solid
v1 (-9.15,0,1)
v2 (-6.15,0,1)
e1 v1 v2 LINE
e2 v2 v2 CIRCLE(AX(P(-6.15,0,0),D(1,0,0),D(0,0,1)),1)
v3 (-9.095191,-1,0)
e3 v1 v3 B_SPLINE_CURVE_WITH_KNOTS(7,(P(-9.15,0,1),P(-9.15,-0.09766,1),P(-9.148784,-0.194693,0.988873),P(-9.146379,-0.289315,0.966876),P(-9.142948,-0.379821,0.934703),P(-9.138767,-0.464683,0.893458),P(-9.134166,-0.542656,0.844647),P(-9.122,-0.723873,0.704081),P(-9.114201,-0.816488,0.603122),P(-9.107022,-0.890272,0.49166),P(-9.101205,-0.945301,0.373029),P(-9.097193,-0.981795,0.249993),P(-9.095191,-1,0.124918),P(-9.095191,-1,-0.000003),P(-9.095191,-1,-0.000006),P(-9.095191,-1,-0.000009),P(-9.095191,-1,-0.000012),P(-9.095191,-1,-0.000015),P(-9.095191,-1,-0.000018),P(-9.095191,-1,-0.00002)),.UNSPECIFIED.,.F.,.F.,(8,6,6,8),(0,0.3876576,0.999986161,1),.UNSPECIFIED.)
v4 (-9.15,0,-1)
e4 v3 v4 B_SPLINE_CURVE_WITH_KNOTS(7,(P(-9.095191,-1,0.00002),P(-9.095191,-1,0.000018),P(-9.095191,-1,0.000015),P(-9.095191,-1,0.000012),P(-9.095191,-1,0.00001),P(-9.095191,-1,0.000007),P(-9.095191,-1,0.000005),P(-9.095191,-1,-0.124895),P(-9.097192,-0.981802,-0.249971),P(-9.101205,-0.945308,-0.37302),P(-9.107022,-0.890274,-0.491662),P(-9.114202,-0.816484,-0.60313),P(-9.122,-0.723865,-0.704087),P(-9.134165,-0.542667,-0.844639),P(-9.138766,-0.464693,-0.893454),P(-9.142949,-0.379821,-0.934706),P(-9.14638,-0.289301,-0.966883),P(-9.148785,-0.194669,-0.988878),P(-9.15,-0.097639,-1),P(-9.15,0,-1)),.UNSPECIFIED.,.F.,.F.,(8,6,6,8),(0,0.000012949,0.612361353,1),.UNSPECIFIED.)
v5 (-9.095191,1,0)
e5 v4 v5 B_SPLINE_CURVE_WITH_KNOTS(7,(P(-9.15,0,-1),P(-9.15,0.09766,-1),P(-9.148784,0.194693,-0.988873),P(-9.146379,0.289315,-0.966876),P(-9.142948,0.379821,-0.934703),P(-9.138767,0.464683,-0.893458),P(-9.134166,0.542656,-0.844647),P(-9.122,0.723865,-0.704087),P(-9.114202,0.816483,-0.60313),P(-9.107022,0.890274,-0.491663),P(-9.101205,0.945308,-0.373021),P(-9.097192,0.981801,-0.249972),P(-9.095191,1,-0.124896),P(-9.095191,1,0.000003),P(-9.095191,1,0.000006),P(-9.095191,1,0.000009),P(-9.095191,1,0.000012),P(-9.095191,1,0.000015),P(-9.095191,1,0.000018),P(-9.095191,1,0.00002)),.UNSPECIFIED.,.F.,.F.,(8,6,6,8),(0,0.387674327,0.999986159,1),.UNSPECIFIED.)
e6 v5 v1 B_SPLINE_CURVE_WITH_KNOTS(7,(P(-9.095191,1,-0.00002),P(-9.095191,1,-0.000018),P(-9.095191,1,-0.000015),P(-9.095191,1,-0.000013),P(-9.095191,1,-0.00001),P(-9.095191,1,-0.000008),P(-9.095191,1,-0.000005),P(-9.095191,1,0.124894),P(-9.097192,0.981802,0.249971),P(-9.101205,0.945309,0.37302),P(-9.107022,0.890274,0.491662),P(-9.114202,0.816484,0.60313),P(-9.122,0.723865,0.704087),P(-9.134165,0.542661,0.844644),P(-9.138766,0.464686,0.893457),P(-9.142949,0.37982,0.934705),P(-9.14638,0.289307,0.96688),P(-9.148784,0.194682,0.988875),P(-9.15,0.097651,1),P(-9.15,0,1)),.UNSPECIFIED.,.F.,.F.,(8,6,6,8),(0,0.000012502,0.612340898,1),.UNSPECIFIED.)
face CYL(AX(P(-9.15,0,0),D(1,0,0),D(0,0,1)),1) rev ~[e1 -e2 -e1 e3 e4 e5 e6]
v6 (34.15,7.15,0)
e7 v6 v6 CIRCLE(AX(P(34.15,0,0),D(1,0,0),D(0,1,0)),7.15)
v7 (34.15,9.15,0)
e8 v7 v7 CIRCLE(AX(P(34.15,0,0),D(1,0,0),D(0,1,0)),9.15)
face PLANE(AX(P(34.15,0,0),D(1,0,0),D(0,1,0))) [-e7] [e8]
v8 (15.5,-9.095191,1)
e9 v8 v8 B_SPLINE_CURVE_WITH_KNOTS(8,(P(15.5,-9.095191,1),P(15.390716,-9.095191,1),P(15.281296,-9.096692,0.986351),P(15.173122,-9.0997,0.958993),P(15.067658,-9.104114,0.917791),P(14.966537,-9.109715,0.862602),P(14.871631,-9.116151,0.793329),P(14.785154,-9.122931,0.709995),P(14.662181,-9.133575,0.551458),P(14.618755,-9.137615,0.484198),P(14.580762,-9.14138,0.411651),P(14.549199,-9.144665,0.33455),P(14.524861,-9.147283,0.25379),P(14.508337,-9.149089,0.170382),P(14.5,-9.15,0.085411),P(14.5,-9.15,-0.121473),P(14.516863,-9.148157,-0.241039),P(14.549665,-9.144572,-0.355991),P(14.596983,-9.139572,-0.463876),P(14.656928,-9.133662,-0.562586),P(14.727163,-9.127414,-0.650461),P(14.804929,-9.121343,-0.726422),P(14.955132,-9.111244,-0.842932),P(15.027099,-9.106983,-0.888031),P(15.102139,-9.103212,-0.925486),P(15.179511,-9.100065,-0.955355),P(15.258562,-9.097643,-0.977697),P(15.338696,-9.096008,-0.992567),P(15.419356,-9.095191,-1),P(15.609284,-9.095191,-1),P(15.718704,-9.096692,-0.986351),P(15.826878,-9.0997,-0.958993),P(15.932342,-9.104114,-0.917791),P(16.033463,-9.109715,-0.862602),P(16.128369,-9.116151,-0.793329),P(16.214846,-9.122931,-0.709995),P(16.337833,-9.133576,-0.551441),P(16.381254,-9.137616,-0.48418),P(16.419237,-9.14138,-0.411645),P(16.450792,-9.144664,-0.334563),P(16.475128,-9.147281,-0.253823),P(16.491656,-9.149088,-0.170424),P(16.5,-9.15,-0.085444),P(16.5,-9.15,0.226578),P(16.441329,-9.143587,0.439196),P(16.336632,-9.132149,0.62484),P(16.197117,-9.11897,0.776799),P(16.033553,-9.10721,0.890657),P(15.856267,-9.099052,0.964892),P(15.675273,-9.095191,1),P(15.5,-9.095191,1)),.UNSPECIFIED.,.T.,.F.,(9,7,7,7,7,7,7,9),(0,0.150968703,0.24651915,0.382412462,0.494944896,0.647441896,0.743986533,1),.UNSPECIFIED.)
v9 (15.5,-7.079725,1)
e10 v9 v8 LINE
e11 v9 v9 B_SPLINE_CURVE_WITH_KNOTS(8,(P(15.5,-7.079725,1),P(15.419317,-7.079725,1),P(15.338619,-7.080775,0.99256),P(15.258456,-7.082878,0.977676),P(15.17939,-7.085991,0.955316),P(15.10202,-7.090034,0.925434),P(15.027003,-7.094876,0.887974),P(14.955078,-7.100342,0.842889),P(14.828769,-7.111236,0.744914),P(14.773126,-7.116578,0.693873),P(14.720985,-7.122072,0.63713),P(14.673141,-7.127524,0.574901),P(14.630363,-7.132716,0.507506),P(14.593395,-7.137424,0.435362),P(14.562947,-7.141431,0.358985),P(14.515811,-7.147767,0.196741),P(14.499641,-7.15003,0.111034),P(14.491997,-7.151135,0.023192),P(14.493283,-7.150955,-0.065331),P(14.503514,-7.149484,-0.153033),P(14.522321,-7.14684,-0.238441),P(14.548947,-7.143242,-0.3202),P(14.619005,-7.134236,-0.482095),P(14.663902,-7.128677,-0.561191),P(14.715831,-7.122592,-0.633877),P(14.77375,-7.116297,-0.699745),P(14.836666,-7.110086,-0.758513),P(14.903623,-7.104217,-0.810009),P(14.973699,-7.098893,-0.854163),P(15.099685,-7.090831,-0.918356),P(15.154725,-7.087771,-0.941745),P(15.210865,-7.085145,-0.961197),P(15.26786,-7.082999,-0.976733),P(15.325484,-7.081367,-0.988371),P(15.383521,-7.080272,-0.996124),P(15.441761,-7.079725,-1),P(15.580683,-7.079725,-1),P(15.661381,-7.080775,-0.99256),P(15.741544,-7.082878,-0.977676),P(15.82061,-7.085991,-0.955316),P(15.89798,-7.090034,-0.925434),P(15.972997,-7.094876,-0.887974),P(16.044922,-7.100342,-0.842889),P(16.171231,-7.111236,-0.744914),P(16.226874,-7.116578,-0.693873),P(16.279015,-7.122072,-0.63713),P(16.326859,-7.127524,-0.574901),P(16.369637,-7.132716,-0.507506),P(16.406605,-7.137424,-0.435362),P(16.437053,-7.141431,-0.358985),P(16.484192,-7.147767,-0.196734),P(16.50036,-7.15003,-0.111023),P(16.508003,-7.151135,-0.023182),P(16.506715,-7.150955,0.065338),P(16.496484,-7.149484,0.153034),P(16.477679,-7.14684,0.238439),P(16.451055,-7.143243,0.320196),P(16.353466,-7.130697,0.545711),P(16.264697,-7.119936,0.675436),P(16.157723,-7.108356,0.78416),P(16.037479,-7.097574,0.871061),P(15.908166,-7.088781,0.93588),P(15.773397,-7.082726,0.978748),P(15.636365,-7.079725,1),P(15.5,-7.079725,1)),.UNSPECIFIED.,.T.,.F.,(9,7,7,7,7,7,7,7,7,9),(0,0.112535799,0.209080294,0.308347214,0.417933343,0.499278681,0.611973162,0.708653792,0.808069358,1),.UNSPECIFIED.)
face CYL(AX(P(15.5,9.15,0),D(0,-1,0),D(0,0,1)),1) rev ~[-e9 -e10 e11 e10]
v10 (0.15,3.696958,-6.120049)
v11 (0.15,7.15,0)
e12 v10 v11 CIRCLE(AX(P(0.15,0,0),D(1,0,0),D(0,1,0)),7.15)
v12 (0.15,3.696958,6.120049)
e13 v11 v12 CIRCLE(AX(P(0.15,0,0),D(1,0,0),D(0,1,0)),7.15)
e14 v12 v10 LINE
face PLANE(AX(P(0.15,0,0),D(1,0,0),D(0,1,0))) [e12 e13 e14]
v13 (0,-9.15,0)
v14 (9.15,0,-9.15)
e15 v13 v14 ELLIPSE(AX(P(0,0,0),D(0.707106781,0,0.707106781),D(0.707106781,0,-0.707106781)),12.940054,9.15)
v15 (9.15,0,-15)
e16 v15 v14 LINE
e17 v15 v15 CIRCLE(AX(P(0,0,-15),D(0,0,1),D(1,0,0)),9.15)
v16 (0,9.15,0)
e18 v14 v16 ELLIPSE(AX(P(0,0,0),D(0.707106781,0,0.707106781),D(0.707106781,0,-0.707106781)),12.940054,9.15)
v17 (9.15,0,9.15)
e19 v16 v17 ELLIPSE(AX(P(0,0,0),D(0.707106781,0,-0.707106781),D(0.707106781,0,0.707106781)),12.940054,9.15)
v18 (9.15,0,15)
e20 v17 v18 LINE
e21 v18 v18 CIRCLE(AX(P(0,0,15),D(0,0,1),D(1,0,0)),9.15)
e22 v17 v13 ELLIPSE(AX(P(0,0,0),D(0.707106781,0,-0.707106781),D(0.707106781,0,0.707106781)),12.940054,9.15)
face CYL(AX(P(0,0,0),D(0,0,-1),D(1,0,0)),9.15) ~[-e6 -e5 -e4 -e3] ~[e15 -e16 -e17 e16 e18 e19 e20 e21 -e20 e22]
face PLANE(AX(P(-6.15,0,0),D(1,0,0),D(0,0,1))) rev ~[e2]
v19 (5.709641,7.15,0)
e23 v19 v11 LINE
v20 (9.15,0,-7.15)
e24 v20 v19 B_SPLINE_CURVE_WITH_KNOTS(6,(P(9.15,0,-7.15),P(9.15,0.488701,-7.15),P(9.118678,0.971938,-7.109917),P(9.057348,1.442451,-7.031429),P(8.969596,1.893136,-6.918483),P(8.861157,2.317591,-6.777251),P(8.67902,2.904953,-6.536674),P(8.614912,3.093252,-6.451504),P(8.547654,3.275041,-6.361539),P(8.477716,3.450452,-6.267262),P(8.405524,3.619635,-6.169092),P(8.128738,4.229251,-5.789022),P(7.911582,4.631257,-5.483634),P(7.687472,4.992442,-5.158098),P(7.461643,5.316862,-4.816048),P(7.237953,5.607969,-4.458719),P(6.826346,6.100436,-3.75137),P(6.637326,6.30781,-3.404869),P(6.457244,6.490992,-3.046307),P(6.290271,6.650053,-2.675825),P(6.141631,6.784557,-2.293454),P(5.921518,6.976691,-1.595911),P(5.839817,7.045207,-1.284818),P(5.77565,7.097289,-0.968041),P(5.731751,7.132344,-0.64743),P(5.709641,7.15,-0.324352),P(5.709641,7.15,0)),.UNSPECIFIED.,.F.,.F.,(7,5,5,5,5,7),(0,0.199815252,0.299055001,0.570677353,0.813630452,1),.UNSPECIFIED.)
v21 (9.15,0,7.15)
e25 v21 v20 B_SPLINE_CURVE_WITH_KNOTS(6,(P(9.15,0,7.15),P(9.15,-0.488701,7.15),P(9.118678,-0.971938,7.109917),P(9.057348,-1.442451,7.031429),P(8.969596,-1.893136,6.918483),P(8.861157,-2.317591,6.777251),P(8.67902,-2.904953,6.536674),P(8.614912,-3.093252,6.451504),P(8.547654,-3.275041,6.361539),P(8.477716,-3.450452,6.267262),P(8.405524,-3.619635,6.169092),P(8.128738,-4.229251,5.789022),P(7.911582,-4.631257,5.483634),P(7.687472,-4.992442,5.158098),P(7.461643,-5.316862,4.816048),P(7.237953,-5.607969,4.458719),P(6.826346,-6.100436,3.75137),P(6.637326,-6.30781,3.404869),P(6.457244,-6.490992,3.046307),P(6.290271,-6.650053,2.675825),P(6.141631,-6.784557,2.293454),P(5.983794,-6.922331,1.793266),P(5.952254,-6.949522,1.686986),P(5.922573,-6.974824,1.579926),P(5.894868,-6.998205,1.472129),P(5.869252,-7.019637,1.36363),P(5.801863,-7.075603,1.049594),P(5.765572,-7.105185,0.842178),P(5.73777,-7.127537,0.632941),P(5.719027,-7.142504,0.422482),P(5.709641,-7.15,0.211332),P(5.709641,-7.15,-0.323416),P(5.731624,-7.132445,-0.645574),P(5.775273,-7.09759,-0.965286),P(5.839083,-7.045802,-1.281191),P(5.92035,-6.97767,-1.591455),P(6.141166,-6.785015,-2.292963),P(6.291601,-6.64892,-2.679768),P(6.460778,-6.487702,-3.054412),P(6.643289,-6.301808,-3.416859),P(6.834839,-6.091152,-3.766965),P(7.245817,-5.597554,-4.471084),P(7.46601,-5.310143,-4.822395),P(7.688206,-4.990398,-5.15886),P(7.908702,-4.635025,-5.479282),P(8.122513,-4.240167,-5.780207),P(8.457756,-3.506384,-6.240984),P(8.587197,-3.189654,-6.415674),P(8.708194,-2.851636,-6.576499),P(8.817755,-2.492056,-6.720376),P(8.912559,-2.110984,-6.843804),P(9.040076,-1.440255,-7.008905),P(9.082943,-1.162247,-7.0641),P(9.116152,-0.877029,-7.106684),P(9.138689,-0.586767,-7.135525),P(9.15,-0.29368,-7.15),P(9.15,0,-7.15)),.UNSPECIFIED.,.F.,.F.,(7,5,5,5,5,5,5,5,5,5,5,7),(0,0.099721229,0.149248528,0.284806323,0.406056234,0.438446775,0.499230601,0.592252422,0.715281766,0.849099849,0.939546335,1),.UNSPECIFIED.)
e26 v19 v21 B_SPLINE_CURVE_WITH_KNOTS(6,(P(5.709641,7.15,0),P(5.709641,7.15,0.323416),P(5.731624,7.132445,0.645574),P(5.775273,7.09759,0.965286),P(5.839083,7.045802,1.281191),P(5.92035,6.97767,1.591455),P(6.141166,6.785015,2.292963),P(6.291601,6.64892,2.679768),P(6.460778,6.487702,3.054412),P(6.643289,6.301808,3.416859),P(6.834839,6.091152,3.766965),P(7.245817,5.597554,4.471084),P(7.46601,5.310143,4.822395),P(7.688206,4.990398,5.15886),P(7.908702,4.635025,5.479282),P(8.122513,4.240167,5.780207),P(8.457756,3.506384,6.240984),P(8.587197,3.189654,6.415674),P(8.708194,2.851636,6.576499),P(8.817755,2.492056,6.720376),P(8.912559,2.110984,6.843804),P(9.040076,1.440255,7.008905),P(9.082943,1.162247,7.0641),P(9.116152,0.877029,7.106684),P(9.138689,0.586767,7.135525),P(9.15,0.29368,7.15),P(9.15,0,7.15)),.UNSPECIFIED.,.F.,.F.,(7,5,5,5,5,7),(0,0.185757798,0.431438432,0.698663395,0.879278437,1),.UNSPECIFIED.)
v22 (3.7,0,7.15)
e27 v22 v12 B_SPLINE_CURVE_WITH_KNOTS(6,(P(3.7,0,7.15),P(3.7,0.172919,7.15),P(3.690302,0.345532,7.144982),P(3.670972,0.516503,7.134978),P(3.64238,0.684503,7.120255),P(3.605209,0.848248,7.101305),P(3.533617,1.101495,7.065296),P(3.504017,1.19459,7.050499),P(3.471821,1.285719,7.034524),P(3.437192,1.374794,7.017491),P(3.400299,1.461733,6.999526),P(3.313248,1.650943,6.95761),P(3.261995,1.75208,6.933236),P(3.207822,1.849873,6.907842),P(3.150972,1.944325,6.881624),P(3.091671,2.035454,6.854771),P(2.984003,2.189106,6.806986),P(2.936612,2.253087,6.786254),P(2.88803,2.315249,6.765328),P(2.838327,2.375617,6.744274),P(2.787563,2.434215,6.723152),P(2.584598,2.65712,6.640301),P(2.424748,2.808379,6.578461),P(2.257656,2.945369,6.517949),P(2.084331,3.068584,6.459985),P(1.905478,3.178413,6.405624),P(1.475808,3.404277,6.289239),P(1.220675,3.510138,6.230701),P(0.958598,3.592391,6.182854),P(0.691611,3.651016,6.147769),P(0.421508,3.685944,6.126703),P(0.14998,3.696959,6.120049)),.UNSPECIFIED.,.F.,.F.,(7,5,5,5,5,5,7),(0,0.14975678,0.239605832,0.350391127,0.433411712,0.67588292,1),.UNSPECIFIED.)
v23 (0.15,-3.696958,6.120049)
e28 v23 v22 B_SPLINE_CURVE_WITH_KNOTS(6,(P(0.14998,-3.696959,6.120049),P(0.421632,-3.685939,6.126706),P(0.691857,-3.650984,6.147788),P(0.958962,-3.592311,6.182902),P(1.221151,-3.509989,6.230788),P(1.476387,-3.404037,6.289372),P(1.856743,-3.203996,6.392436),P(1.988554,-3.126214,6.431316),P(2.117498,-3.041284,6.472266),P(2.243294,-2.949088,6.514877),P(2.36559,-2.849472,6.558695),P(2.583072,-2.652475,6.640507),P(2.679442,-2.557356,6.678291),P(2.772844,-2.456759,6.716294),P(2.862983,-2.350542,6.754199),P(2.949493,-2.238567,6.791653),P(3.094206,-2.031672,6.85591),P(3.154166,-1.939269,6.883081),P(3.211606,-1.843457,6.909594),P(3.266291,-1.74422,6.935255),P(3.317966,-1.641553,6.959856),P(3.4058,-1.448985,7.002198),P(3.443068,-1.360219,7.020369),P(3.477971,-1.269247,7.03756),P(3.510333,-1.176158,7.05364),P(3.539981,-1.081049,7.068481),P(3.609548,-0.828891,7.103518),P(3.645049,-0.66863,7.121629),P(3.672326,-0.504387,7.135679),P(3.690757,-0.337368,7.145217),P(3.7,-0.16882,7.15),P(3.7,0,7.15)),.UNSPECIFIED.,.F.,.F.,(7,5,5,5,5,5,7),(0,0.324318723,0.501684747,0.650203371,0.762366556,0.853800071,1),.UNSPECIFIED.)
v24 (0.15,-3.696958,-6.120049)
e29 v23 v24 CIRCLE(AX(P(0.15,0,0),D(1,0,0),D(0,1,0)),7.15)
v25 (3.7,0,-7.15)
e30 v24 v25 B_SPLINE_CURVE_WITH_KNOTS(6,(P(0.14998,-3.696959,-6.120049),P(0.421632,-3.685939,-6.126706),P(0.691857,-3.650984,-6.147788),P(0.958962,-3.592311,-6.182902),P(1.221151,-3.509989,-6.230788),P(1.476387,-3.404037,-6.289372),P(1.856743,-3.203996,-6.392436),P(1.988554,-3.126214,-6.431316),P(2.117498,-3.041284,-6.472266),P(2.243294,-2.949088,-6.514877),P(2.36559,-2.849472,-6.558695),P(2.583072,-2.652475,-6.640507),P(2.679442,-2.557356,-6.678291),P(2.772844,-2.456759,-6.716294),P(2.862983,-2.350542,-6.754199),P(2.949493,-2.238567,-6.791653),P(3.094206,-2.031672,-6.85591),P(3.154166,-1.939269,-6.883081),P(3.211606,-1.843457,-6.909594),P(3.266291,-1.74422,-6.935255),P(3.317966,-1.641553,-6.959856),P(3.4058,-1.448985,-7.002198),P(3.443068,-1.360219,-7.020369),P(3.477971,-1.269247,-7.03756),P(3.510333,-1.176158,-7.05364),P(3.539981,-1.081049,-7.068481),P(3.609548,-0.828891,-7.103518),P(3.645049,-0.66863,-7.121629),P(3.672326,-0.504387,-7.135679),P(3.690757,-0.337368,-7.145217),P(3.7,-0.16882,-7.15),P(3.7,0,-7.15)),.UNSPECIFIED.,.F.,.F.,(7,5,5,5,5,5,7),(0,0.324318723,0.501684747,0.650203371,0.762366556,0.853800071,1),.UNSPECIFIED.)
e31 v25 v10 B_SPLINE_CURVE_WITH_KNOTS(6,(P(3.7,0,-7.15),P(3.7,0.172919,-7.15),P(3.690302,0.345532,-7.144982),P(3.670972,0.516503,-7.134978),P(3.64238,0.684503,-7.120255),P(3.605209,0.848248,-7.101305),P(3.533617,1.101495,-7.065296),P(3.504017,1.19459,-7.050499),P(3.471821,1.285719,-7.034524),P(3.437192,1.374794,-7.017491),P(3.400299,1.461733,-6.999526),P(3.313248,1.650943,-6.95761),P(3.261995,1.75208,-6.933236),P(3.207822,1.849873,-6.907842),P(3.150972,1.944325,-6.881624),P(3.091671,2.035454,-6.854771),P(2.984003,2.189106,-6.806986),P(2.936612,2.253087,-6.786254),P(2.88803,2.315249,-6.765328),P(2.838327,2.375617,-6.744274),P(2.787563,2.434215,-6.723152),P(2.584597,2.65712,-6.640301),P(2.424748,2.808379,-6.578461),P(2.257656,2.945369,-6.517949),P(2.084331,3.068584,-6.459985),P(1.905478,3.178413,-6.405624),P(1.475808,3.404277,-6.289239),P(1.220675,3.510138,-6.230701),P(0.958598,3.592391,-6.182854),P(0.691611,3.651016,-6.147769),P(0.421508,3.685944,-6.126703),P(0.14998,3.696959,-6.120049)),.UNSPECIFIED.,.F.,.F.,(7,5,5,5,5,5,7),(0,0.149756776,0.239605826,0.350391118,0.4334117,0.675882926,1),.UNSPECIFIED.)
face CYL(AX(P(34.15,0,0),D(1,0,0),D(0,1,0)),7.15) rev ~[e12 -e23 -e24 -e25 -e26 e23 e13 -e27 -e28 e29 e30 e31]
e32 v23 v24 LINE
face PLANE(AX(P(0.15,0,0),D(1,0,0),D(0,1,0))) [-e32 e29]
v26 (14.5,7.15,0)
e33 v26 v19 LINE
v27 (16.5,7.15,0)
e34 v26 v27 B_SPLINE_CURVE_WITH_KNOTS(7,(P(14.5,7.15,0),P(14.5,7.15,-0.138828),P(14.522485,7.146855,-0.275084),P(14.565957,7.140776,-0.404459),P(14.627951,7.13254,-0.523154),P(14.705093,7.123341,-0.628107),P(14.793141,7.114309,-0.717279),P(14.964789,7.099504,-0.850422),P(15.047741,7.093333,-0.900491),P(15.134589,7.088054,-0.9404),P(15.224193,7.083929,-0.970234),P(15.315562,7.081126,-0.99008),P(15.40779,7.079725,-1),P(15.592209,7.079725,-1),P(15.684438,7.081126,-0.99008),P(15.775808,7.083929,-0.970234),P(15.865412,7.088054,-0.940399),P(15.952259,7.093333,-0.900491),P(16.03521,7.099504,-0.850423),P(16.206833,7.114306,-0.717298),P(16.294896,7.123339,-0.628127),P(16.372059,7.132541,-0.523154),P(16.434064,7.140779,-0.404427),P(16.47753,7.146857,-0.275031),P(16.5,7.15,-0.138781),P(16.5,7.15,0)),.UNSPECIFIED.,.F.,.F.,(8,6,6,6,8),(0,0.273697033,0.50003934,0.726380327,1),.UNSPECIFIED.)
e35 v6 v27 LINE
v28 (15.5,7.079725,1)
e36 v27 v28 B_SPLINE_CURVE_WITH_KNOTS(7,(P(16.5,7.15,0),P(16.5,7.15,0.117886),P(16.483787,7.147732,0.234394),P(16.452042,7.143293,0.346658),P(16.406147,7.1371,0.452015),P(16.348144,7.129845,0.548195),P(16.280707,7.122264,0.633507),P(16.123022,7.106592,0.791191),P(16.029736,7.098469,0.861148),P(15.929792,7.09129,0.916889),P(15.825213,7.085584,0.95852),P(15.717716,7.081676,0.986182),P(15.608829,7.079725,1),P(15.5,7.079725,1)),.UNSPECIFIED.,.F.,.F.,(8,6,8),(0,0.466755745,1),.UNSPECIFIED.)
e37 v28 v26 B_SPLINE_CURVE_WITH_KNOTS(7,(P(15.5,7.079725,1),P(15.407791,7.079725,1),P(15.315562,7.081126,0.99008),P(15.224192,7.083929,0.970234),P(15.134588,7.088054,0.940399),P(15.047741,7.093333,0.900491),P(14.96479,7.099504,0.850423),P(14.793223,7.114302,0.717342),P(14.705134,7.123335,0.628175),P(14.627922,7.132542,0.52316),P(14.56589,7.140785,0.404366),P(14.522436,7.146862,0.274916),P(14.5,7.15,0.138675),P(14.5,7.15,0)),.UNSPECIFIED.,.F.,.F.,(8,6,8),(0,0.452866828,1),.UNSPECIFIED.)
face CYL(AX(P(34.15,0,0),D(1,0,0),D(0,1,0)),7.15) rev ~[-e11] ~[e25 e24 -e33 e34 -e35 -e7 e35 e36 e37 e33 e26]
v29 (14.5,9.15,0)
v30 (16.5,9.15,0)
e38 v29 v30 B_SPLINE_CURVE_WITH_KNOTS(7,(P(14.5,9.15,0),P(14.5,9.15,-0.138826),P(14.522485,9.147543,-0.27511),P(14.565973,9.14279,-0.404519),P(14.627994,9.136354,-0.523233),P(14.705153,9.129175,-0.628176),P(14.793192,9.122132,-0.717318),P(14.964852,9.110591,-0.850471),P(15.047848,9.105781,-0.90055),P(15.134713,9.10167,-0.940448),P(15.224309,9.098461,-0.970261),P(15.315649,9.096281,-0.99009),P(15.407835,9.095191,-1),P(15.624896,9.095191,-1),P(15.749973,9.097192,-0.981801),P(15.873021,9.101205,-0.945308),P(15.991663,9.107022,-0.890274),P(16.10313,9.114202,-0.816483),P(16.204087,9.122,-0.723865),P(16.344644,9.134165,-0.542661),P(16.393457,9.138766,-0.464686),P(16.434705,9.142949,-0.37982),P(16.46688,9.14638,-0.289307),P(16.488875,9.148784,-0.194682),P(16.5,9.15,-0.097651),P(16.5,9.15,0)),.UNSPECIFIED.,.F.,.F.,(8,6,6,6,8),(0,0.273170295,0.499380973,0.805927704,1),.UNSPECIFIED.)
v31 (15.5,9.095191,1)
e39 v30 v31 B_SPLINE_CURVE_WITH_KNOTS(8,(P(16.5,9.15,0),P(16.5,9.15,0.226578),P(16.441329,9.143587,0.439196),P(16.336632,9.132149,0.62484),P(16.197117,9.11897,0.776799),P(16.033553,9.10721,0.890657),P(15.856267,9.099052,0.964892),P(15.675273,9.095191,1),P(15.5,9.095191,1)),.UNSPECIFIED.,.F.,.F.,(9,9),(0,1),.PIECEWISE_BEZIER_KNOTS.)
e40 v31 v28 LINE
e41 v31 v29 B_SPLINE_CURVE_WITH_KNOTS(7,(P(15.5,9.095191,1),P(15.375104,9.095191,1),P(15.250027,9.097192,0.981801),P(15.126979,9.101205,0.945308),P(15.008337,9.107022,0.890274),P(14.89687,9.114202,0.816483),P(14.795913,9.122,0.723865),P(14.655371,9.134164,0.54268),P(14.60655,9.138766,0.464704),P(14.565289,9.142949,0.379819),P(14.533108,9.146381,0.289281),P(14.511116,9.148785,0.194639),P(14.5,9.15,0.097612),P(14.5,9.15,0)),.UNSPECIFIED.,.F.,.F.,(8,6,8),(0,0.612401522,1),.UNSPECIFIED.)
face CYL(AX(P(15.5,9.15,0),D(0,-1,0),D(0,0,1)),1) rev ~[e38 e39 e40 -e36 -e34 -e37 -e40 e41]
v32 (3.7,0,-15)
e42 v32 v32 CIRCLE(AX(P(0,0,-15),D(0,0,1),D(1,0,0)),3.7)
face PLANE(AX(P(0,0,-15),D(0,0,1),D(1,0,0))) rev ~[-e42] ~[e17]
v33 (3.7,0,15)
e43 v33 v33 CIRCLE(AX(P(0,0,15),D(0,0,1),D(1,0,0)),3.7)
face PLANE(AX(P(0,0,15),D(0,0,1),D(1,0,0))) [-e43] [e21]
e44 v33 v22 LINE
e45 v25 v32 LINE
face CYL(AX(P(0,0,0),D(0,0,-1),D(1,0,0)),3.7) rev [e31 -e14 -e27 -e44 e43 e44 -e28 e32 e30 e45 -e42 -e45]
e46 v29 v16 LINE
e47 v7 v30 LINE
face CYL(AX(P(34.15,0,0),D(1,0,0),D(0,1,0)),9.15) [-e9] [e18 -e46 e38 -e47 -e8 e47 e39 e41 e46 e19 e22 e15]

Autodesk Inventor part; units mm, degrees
ref_plane "XY Plane" through (0, 0, 0) normal (0, 0, 1) x (1, 0, 0)
sketch "Sketch1" plane through (0, 0, 0) normal (0, 0, 1) x (1, 0, 0)
  circle A0 centre (0, 0) radius 3.7
  circle A1 centre (0, 0) radius 9.15
  dimension "d0" = 7.4
  dimension "d1" = 18.3
extrude "Extrusion1" add sketch "Sketch1" along normal mid plane 30
ref_plane "Work Plane1" through (0, 9.15, 0) normal (0, 1, 0) x (-1, 0, 0)
ref_plane "Work Plane2" through (-9.15, 0, 0) normal (1, 0, 0) x (0, 1, 0)
ref_plane "Work Plane4" through (34.15, 0, 0) normal (1, 0, 0) x (0, 1, 0)
ref_plane "Work Plane3" through (9.15, 0, 0) normal (1, 0, 0) x (0, 1, 0)
sketch "Sketch2" plane through (-9.15, 5.7, 0) normal (1, 0, 0) x (0, 1, 0)
  point P0 (-5.7, 0)
  point P1 (-5.7, 0)
hole "Hole1" at (-9.15, 0, 0) direction (1, 0, 0) diameter 2 depth 3
sketch "Sketch4" plane through (34.15, 0, 0) normal (1, 0, 0) x (0, 1, 0)
  circle A0 centre (0, 0) radius 9.15
  circle A1 centre (0, 0) radius 7.15
  dimension "d19" = 14.3
  dimension "d20" = 18.3
extrude "Bottom Extrusion" add sketch "Sketch4" against normal up to surface
sketch "Sketch6" plane through (0, 9.15, 0) normal (0, 1, 0) x (-1, 0, 0)
  line L0 (0, 0) -> (-31, 0) construction
  point P0 (-15.5, 0)
hole "Hole2" at (15.5, 9.15, 0) direction (0, -1, 0) diameter 2 end through all
extrude "Cut for wire" cut sketch "Sketch4" against normal blind 34 contours A1
properties part number "Part6_3DPrint"
